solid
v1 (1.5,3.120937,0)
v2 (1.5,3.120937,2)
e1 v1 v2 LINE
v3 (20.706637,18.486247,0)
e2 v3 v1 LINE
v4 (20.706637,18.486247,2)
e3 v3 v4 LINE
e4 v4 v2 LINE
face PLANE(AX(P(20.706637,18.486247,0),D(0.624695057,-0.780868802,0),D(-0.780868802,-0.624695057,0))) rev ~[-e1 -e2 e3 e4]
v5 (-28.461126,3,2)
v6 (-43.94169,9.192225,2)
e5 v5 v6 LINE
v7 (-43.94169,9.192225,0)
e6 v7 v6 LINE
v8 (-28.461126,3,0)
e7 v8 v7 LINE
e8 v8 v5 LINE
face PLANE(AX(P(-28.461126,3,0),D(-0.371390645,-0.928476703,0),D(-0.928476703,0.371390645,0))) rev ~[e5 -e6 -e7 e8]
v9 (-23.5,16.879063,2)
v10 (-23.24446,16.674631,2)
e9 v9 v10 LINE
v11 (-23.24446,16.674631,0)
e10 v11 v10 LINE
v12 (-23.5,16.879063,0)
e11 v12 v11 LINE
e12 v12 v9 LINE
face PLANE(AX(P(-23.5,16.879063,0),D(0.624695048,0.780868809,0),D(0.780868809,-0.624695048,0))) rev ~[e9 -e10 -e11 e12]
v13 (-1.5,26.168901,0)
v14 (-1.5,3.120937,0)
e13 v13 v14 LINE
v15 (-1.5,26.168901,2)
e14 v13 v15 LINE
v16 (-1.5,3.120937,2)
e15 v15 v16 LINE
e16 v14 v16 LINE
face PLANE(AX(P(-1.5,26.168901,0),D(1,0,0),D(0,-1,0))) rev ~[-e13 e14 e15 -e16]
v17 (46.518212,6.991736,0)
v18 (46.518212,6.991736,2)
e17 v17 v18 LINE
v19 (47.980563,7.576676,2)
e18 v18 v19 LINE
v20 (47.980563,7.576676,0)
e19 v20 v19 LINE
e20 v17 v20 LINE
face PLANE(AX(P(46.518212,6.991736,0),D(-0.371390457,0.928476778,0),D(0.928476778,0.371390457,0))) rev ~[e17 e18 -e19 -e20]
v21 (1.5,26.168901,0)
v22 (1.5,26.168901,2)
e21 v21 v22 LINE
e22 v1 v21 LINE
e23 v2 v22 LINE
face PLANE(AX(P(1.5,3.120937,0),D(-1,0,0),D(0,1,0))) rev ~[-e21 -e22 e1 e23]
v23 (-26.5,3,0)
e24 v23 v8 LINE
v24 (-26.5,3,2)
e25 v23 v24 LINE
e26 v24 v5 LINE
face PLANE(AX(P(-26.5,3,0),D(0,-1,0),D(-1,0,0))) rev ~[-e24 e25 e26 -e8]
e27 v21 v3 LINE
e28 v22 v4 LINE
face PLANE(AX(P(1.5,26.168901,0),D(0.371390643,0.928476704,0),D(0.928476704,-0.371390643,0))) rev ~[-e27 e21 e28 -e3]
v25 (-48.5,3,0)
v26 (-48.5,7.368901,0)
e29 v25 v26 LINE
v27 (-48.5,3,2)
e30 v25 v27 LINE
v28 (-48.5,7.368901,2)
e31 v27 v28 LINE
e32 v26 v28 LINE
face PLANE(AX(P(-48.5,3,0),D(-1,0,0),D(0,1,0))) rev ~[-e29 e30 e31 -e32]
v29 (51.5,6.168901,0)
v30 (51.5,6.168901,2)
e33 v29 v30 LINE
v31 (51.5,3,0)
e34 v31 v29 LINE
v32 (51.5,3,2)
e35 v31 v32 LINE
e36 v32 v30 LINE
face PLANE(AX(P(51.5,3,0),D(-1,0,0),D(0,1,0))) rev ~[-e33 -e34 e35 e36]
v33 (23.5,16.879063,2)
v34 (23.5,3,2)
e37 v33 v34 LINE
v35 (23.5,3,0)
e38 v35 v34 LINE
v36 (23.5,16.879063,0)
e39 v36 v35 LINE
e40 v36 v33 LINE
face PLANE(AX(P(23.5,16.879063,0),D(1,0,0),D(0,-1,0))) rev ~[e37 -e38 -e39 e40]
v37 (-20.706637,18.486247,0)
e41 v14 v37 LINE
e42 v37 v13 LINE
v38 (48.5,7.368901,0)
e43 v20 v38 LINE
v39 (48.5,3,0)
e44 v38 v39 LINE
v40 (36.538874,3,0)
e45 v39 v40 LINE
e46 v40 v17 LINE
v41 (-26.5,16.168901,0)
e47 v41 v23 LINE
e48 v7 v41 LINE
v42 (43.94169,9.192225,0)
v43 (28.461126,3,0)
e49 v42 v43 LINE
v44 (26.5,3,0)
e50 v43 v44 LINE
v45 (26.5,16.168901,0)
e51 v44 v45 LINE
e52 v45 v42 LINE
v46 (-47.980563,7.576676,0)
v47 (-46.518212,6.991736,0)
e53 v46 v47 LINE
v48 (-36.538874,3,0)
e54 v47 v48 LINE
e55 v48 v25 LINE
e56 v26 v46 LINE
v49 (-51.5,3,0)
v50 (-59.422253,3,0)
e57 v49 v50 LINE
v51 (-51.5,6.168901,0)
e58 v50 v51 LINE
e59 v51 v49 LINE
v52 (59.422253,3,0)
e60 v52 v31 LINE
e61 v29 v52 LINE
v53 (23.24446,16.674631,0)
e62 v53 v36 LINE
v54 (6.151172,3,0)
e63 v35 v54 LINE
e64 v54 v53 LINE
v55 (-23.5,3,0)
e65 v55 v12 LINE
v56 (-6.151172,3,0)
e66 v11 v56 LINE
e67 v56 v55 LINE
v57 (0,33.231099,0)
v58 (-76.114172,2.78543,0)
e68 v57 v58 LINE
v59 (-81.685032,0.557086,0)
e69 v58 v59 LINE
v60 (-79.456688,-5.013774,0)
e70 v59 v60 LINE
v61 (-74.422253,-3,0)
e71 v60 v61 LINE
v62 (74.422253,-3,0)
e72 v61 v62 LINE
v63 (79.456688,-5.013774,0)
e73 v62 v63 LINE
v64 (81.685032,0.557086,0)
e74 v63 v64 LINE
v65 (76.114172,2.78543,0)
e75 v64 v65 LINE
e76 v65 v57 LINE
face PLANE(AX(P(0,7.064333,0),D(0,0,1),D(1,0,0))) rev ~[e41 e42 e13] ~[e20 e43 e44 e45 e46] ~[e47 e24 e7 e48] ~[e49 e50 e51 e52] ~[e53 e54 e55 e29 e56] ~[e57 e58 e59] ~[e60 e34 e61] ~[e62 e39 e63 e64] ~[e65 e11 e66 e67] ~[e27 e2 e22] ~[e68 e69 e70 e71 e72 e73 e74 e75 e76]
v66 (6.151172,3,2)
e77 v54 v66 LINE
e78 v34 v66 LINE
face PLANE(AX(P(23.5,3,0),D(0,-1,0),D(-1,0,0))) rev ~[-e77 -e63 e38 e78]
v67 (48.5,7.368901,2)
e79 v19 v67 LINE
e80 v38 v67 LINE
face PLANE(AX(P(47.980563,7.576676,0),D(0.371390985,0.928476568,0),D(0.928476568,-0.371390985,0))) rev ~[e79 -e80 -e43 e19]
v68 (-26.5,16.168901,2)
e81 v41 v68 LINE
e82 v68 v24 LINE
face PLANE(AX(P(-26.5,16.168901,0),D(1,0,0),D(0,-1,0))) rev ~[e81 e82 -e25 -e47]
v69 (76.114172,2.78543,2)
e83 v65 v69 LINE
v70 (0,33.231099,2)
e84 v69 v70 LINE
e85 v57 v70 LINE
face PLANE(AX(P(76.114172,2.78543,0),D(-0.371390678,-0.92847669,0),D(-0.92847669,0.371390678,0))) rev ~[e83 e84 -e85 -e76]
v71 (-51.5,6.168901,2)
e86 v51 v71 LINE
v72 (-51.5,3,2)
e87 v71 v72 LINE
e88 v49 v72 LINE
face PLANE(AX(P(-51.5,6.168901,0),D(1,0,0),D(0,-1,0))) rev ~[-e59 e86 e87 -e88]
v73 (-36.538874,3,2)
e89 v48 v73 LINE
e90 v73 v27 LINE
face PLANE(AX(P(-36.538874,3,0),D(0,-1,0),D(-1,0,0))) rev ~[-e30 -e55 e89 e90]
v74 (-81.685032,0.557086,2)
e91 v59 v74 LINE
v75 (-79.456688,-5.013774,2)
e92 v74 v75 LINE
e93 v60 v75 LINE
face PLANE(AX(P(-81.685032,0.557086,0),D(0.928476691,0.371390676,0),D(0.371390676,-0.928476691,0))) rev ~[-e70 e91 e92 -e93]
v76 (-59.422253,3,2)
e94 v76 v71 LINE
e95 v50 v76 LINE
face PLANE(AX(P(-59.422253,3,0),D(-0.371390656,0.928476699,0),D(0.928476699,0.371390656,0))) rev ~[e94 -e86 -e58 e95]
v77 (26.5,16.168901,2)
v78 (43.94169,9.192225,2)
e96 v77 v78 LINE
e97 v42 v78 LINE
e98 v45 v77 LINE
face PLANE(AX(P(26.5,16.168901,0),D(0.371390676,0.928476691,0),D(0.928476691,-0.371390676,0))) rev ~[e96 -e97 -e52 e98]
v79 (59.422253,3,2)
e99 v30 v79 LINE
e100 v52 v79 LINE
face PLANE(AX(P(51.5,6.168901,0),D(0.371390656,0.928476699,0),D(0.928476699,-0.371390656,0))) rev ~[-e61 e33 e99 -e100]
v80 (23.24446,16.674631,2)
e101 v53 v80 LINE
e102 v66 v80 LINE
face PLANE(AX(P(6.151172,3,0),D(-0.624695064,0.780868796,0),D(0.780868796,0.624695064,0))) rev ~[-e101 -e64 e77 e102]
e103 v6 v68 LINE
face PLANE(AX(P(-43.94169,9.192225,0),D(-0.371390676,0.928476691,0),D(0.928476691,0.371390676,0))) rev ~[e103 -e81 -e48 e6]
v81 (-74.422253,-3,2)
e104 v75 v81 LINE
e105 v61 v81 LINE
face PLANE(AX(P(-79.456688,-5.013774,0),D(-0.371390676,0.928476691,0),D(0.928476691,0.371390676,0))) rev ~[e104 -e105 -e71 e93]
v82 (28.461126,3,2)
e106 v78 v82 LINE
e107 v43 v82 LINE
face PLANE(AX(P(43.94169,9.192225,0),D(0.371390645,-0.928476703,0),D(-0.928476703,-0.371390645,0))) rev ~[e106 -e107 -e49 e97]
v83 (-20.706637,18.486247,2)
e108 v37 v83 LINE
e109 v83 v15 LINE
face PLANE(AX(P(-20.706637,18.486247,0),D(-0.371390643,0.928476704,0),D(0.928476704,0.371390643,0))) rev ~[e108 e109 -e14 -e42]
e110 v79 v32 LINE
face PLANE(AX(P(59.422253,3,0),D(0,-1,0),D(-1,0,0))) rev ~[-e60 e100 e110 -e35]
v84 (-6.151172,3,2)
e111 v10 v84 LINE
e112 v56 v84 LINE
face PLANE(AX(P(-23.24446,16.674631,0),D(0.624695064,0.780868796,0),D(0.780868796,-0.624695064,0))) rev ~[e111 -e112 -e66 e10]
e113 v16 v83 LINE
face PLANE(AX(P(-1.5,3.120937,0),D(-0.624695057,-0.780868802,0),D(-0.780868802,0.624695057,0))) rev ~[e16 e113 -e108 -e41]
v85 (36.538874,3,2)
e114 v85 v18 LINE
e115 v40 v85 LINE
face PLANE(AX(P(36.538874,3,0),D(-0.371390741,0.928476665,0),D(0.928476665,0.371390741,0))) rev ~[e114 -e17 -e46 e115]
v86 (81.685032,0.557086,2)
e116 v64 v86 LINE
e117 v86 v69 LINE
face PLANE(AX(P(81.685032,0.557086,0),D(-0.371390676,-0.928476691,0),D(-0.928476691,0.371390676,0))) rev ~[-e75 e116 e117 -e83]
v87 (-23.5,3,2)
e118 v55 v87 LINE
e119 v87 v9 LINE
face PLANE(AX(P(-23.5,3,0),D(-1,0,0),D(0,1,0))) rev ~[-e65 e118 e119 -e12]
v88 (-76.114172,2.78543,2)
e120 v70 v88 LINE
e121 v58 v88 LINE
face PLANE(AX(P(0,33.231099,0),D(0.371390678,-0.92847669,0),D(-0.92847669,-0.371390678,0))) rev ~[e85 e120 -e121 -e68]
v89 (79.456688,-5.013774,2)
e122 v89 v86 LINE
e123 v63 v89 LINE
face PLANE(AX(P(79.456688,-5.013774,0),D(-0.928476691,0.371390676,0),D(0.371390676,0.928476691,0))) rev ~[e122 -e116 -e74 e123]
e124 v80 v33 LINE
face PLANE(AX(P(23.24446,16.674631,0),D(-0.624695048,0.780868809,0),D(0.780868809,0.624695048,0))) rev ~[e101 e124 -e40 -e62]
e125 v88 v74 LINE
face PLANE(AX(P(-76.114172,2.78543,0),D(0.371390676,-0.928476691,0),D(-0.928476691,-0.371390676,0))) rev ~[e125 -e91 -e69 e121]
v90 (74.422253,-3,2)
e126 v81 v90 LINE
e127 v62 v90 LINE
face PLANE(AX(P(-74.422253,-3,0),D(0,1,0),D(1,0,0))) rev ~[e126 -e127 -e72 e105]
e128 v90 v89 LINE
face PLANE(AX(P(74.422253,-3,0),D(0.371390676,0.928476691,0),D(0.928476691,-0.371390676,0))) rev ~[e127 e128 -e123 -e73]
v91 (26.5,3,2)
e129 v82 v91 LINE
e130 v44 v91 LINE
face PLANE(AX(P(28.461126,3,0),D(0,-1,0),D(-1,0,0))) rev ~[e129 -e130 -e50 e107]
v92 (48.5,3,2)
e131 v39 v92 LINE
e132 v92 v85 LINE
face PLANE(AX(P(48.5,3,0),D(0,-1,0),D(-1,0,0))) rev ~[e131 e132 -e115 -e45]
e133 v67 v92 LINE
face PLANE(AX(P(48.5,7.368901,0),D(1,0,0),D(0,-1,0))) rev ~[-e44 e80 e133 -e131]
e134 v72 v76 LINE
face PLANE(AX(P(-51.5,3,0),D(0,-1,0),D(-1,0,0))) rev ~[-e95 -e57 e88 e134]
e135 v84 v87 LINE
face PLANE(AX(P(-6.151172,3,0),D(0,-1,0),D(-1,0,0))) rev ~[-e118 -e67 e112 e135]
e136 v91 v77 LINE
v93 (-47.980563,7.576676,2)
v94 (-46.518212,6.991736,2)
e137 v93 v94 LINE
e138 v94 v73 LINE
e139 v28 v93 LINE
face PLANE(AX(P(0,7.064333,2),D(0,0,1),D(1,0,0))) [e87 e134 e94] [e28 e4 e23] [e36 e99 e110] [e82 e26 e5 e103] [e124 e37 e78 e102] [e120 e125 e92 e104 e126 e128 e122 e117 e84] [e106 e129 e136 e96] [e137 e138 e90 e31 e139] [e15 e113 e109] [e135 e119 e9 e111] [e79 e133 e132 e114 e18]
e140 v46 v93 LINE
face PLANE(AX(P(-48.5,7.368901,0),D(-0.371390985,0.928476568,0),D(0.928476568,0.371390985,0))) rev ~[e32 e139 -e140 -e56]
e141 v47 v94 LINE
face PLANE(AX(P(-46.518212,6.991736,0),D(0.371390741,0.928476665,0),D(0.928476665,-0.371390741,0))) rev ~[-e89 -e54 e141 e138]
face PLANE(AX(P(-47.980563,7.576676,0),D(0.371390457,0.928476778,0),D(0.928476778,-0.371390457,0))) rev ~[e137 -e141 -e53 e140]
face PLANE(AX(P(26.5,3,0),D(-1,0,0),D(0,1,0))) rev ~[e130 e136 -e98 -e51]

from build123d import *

# Parameters (mm, degrees)
F1_DEPTH = 2


with BuildPart() as f1:
    # F0 (on Top) → F1 (new body)
    with BuildSketch(Plane.XY):
        Polygon((76.114172, 2.78543), (0, 33.231099), (-76.114172, 2.78543), (-81.685032, 0.557086), (-79.456688, -5.013774), (-74.422253, -3), (-66.922253, -3), (66.922253, -3), (74.422253, -3), (79.456688, -5.013774), (81.685032, 0.557086), align=None)
        Polygon((-51.5, 6.168901), (-51.5, 3), (-59.422253, 3), align=None, mode=Mode.SUBTRACT)
        Polygon((-36.538874, 3), (-48.5, 3), (-48.5, 7.368901), (-47.980563, 7.576676), (-46.518212, 6.991736), align=None, mode=Mode.SUBTRACT)
        Polygon((-26.5, 16.168901), (-26.5, 3), (-28.461126, 3), (-43.94169, 9.192225), align=None, mode=Mode.SUBTRACT)
        Polygon((-6.151172, 3), (-23.5, 3), (-23.5, 16.768901), (-23.5, 16.879063), (-23.24446, 16.674631), align=None, mode=Mode.SUBTRACT)
        Polygon((23.5, 16.768901), (23.5, 3), (6.151172, 3), (23.24446, 16.674631), (23.5, 16.879063), align=None, mode=Mode.SUBTRACT)
        Polygon((43.94169, 9.192225), (28.461126, 3), (26.5, 3), (26.5, 16.168901), align=None, mode=Mode.SUBTRACT)
        Polygon((48.5, 7.368901), (48.5, 3), (36.538874, 3), (46.518212, 6.991736), (47.980563, 7.576676), align=None, mode=Mode.SUBTRACT)
        Polygon((59.422253, 3), (51.5, 3), (51.5, 6.168901), align=None, mode=Mode.SUBTRACT)
        Polygon((-20.706637, 18.486247), (-1.5, 26.168901), (-1.5, 3.120937), align=None, mode=Mode.SUBTRACT)
        Polygon((1.5, 3.120937), (1.5, 26.168901), (20.706637, 18.486247), align=None, mode=Mode.SUBTRACT)
    extrude(amount=F1_DEPTH)


solid = f1.part
